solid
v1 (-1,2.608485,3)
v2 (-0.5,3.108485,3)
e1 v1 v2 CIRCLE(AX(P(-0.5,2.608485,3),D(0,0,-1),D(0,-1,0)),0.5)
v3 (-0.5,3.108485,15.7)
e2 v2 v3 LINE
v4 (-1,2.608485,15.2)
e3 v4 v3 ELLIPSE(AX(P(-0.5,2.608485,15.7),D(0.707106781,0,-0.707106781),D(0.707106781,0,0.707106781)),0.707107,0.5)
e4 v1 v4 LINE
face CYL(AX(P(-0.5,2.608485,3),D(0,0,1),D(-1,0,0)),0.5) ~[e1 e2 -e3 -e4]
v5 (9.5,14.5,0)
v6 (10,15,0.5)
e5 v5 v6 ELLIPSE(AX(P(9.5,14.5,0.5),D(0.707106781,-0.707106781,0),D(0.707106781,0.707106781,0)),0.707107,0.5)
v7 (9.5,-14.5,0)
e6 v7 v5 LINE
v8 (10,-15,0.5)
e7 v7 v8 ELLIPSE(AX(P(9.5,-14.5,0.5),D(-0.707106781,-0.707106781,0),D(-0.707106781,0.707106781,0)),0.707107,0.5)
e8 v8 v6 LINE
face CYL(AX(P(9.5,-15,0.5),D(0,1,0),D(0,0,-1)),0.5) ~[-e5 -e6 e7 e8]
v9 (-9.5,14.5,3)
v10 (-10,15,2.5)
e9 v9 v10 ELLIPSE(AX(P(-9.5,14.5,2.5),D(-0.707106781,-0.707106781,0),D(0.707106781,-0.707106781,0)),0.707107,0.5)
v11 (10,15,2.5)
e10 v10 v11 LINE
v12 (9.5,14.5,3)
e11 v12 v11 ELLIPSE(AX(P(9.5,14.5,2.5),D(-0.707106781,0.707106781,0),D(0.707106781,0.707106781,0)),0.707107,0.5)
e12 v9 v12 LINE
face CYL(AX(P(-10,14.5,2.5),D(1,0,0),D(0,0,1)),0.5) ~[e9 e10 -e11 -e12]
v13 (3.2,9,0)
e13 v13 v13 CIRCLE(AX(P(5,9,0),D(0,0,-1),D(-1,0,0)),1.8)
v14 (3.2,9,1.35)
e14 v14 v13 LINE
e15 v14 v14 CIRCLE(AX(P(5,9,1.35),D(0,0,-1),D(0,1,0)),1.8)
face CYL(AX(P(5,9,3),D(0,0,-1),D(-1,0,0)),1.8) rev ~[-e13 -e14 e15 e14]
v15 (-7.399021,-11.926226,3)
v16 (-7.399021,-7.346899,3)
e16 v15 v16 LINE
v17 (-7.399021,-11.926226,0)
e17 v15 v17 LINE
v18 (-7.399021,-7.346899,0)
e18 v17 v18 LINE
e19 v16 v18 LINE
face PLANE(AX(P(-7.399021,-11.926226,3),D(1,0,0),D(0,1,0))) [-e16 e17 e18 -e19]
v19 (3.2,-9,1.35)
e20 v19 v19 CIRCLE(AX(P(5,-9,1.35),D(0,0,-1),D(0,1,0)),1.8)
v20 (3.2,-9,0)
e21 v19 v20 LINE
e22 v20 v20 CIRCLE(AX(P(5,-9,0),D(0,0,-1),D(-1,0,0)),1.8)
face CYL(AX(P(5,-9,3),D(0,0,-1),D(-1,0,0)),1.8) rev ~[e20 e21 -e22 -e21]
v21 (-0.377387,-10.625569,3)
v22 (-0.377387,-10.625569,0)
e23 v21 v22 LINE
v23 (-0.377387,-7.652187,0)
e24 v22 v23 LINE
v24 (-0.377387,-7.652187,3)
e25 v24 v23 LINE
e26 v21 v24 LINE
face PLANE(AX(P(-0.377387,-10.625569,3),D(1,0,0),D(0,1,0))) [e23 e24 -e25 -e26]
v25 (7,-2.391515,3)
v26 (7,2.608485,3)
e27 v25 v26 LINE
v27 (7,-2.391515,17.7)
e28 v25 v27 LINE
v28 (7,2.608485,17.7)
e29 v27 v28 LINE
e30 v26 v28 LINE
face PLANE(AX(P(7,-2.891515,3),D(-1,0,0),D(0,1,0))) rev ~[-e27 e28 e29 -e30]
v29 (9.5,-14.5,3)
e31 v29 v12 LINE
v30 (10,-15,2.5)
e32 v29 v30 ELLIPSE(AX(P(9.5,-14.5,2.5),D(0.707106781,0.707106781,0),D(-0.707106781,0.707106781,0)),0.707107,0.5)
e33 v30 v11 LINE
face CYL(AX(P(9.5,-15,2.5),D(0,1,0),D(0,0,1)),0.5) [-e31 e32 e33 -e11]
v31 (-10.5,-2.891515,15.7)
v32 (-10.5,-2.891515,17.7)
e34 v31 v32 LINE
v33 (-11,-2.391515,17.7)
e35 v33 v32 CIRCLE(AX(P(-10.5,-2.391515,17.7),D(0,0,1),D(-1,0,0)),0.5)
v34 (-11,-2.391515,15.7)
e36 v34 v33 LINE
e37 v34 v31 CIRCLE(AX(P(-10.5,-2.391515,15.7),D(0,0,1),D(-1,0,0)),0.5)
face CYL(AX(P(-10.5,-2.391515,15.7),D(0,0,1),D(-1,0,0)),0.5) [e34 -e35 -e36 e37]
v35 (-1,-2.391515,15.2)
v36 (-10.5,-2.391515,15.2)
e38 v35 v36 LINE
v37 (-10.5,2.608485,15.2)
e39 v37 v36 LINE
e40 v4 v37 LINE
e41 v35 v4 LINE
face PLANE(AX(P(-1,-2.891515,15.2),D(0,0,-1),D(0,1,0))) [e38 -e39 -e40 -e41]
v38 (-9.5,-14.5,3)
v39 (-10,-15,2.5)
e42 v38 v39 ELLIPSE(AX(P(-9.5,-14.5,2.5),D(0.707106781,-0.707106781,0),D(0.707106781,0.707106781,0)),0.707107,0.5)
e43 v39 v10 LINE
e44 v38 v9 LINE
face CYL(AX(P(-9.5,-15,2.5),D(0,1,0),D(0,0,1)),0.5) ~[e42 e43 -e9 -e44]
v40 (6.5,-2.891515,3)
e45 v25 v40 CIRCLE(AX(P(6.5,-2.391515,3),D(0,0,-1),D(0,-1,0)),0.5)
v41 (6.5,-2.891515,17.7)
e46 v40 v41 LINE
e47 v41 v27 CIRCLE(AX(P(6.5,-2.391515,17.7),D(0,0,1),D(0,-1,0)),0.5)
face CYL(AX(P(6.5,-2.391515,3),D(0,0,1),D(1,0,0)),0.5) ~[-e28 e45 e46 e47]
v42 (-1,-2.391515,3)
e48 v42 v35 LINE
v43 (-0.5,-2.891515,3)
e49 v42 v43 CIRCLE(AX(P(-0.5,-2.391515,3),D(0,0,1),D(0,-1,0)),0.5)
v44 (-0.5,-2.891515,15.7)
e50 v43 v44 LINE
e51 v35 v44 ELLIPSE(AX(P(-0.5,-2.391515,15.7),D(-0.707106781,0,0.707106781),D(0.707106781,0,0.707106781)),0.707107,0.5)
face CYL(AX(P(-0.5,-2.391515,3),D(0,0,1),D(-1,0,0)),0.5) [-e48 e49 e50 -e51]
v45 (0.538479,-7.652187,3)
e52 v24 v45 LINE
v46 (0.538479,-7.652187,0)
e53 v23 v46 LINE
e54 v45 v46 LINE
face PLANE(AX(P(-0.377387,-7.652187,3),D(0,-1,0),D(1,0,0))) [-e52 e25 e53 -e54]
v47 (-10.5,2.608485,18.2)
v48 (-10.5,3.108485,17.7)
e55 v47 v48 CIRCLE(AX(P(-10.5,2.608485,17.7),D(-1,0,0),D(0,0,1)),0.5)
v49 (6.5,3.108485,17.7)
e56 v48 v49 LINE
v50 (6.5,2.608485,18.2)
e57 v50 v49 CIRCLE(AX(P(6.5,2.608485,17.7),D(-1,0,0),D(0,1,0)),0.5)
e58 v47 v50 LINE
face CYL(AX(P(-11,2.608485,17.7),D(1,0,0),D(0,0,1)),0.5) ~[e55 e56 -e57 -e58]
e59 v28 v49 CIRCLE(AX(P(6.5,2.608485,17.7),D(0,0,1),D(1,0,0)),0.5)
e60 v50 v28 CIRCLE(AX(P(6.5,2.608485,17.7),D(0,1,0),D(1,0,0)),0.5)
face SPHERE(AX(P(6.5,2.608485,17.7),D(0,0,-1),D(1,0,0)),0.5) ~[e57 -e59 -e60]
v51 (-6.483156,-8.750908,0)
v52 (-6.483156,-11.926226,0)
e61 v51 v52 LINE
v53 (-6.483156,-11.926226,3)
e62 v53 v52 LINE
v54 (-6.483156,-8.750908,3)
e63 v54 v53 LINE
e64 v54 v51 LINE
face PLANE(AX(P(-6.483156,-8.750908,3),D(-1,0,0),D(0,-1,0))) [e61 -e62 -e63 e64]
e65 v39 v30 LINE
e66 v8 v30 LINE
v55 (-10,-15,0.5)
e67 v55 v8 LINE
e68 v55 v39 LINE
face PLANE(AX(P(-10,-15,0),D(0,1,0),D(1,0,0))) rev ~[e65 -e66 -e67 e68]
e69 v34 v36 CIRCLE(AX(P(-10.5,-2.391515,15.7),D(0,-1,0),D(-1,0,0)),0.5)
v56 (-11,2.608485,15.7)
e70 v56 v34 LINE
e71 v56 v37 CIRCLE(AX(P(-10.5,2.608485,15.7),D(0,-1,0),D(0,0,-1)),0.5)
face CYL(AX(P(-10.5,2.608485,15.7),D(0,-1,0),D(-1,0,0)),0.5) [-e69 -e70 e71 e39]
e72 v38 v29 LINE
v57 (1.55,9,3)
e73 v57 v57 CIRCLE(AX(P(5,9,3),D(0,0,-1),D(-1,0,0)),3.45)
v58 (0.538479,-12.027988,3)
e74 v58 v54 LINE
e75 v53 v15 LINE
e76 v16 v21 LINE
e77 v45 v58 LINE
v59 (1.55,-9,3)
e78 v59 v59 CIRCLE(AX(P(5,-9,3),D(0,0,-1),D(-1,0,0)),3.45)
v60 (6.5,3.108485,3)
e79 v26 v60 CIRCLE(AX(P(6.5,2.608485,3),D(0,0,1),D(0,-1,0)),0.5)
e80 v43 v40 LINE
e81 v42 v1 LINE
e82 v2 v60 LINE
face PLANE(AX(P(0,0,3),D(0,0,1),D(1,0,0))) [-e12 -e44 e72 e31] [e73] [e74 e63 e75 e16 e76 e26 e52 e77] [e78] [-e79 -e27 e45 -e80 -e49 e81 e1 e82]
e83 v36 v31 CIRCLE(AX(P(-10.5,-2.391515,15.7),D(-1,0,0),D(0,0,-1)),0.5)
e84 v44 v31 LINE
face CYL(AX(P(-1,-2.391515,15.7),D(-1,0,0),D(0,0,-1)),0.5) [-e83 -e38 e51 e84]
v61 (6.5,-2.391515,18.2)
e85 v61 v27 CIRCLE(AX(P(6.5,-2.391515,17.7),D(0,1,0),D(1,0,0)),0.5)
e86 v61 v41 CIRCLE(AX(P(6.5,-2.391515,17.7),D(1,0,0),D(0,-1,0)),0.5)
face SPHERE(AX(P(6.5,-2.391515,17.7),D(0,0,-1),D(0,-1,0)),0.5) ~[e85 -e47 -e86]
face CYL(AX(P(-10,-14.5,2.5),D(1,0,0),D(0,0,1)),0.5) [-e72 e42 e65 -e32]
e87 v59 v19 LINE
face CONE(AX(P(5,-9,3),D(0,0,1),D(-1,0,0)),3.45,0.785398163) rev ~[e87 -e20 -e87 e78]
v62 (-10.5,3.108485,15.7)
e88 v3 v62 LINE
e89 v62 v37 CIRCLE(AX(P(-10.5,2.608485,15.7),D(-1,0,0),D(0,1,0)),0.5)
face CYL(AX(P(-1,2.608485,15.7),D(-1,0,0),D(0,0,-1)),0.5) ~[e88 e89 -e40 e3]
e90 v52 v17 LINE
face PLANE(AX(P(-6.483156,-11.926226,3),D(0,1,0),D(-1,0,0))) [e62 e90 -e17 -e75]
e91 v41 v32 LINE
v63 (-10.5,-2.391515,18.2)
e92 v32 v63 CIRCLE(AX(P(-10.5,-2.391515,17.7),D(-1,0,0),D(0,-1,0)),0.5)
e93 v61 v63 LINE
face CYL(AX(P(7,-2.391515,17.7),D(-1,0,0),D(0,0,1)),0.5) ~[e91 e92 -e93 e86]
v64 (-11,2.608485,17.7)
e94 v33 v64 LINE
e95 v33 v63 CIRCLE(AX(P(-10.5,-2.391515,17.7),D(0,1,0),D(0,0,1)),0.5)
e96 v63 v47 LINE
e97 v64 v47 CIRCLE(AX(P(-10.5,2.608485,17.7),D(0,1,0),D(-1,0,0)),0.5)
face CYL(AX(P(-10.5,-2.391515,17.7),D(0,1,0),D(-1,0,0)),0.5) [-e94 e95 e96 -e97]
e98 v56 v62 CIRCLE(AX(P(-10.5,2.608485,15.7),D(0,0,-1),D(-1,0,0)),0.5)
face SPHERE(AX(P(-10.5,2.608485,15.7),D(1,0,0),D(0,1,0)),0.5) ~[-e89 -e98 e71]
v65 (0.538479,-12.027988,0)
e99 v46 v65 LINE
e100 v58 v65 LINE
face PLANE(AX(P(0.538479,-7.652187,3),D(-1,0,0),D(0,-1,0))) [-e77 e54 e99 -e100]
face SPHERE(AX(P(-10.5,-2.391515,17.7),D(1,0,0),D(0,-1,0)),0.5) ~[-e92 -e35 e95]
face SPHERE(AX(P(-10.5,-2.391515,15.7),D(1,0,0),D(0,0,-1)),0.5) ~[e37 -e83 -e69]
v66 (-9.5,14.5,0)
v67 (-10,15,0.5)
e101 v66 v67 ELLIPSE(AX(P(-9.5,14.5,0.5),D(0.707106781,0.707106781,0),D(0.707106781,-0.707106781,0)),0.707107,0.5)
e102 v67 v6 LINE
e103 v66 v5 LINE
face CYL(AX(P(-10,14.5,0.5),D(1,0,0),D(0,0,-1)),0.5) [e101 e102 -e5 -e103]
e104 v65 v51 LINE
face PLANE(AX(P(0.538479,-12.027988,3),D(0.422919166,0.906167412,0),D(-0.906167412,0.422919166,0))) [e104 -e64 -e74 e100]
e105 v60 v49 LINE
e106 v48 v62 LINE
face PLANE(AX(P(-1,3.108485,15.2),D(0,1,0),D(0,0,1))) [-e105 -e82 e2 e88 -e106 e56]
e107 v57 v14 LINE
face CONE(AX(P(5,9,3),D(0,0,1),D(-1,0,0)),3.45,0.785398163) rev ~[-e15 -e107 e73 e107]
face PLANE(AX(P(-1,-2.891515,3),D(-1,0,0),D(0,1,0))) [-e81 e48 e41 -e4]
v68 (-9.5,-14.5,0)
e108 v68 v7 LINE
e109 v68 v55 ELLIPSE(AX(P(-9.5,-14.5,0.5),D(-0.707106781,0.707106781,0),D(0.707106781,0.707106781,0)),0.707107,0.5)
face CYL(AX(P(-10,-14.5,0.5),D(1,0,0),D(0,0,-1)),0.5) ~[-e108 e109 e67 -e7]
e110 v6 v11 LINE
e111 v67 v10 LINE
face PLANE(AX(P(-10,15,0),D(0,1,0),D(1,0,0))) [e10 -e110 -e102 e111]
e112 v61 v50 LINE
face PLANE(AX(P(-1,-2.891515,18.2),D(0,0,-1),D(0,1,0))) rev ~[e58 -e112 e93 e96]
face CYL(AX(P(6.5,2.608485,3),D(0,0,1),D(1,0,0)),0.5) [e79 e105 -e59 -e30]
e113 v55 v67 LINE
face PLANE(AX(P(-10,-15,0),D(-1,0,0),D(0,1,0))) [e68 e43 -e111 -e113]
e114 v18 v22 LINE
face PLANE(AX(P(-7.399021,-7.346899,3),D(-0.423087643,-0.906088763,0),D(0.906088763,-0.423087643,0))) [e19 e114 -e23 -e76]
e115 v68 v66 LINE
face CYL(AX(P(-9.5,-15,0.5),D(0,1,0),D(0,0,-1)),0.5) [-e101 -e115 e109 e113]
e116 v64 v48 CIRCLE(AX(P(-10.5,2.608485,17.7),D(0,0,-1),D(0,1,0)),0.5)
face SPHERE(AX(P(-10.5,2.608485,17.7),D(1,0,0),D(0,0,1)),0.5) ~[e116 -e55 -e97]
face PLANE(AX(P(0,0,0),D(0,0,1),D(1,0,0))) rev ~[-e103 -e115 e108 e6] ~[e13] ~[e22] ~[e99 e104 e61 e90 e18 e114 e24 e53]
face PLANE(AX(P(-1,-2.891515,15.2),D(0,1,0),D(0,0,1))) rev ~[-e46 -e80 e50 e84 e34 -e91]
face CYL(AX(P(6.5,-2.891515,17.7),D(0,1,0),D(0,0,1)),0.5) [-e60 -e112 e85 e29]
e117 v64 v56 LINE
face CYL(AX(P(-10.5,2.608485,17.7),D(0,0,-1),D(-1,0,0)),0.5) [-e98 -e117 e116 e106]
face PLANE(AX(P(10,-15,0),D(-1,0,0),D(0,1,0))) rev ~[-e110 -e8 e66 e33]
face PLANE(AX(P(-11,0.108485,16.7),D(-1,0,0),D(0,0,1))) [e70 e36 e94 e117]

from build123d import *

# Parameters (mm, degrees)
SKETCH1_W                                           = 20
SKETCH1_H                                           = 30
BOSS_EXTRUDE1_DEPTH                                 = 3
CSK_FOR_M3_COUNTERSUNK_FLAT_HEAD_SCREW1_D           = 3.6
CSK_FOR_M3_COUNTERSUNK_FLAT_HEAD_SCREW1_DEPTH       = 20
CSK_FOR_M3_COUNTERSUNK_FLAT_HEAD_SCREW1_CSINK_D     = 6.9
CSK_FOR_M3_COUNTERSUNK_FLAT_HEAD_SCREW1_CSINK_ANGLE = 90
CSK_FOR_M3_COUNTERSUNK_FLAT_HEAD_SCREW1_TIP         = 1.081549114
SKETCH4_W                                           = 8
SKETCH4_H                                           = 6
BOSS_EXTRUDE2_DEPTH                                 = 15.2
SKETCH5_W                                           = 3
SKETCH5_H                                           = 6
BOSS_EXTRUDE3_DEPTH                                 = 10
FILLET2_R                                           = 0.5
CUT_EXTRUDE1_DEPTH                                  = 4
FILLET3_R                                           = 0.5


with BuildPart() as part:
    # Sketch1 → Boss-Extrude1 (new body)
    with BuildSketch(Plane.XY):
        Rectangle(SKETCH1_W, SKETCH1_H)
    extrude(amount=BOSS_EXTRUDE1_DEPTH)

    # CSK for M3 Countersunk Flat Head Screw1
    with Locations(Plane(origin=(5, 9, 3), x_dir=(1, 0, 0), z_dir=(0, 0, 1))):
        with Locations((0, 0), (0, -18)):
            CounterSinkHole(CSK_FOR_M3_COUNTERSUNK_FLAT_HEAD_SCREW1_D / 2, CSK_FOR_M3_COUNTERSUNK_FLAT_HEAD_SCREW1_CSINK_D / 2, depth=CSK_FOR_M3_COUNTERSUNK_FLAT_HEAD_SCREW1_DEPTH, counter_sink_angle=CSK_FOR_M3_COUNTERSUNK_FLAT_HEAD_SCREW1_CSINK_ANGLE)
            with Locations((0, 0, -(CSK_FOR_M3_COUNTERSUNK_FLAT_HEAD_SCREW1_DEPTH + CSK_FOR_M3_COUNTERSUNK_FLAT_HEAD_SCREW1_TIP / 2))):  # 118° drill point
                Cone(0, CSK_FOR_M3_COUNTERSUNK_FLAT_HEAD_SCREW1_D / 2, CSK_FOR_M3_COUNTERSUNK_FLAT_HEAD_SCREW1_TIP, mode=Mode.SUBTRACT)

    # Sketch4 → Boss-Extrude2 (add)
    with BuildSketch(Plane.XY.offset(3)):
        with Locations((3, 0.108485118)):
            Rectangle(SKETCH4_W, SKETCH4_H)
    extrude(amount=BOSS_EXTRUDE2_DEPTH)

    # Sketch5 → Boss-Extrude3 (add)
    with BuildSketch(Plane.ZY.offset(1)):
        with Locations((16.7, 0.108485118)):
            Rectangle(SKETCH5_W, SKETCH5_H)
    extrude(amount=BOSS_EXTRUDE3_DEPTH)

    # Fillet2
    fillet2_edges = [part.edges().sort_by_distance(p)[0] for p in [
        (10, 0, 3),
        (0, 15, 3),
        (7, -2.891514882, 10.6),
        (7, 3.108485118, 10.6),
        (-2, -2.891514882, 18.2),
        (7, 0.108485118, 18.2),
        (-2, 3.108485118, 18.2),
        (-1, 3.108485118, 9.1),
        (-10, 0, 3),
        (-1, -2.891514882, 9.1),
        (-6, 3.108485118, 15.2),
        (-6, -2.891514882, 15.2),
        (0, 15, 0),
        (10, 0, 0),
        (0, -15, 0),
        (-10, 0, 0),
        (0, -15, 3),
    ]]
    fillet(fillet2_edges, radius=FILLET2_R)

    # Sketch6 → Cut-Extrude1 (cut, through all)
    with BuildSketch(Plane.XY.offset(3)):
        Polygon((-0.377386615, -7.652187056), (0.53847877, -7.652187056), (0.53847877, -12.027988338), (-6.483155845, -8.750907509), (-6.483155845, -11.926225518), (-7.39902123, -11.926225518), (-7.39902123, -7.346898595), (-0.377386615, -10.625569468), align=None)
    extrude(amount=-CUT_EXTRUDE1_DEPTH, mode=Mode.SUBTRACT)

    # Fillet3
    fillet3_edges = [part.edges().sort_by_distance(p)[0] for p in [
        (-11, -2.891514882, 16.7),
        (-11, 0.108485118, 15.2),
        (-11, 0.108485118, 18.2),
        (-11, 3.108485118, 16.7),
        (-11, 2.962038509, 15.346446609),
        (-11, 2.962038509, 18.053553391),
        (-11, -2.745068272, 18.053553391),
        (-11, -2.745068272, 15.346446609),
    ]]
    fillet(fillet3_edges, radius=FILLET3_R)


solid = part.part
